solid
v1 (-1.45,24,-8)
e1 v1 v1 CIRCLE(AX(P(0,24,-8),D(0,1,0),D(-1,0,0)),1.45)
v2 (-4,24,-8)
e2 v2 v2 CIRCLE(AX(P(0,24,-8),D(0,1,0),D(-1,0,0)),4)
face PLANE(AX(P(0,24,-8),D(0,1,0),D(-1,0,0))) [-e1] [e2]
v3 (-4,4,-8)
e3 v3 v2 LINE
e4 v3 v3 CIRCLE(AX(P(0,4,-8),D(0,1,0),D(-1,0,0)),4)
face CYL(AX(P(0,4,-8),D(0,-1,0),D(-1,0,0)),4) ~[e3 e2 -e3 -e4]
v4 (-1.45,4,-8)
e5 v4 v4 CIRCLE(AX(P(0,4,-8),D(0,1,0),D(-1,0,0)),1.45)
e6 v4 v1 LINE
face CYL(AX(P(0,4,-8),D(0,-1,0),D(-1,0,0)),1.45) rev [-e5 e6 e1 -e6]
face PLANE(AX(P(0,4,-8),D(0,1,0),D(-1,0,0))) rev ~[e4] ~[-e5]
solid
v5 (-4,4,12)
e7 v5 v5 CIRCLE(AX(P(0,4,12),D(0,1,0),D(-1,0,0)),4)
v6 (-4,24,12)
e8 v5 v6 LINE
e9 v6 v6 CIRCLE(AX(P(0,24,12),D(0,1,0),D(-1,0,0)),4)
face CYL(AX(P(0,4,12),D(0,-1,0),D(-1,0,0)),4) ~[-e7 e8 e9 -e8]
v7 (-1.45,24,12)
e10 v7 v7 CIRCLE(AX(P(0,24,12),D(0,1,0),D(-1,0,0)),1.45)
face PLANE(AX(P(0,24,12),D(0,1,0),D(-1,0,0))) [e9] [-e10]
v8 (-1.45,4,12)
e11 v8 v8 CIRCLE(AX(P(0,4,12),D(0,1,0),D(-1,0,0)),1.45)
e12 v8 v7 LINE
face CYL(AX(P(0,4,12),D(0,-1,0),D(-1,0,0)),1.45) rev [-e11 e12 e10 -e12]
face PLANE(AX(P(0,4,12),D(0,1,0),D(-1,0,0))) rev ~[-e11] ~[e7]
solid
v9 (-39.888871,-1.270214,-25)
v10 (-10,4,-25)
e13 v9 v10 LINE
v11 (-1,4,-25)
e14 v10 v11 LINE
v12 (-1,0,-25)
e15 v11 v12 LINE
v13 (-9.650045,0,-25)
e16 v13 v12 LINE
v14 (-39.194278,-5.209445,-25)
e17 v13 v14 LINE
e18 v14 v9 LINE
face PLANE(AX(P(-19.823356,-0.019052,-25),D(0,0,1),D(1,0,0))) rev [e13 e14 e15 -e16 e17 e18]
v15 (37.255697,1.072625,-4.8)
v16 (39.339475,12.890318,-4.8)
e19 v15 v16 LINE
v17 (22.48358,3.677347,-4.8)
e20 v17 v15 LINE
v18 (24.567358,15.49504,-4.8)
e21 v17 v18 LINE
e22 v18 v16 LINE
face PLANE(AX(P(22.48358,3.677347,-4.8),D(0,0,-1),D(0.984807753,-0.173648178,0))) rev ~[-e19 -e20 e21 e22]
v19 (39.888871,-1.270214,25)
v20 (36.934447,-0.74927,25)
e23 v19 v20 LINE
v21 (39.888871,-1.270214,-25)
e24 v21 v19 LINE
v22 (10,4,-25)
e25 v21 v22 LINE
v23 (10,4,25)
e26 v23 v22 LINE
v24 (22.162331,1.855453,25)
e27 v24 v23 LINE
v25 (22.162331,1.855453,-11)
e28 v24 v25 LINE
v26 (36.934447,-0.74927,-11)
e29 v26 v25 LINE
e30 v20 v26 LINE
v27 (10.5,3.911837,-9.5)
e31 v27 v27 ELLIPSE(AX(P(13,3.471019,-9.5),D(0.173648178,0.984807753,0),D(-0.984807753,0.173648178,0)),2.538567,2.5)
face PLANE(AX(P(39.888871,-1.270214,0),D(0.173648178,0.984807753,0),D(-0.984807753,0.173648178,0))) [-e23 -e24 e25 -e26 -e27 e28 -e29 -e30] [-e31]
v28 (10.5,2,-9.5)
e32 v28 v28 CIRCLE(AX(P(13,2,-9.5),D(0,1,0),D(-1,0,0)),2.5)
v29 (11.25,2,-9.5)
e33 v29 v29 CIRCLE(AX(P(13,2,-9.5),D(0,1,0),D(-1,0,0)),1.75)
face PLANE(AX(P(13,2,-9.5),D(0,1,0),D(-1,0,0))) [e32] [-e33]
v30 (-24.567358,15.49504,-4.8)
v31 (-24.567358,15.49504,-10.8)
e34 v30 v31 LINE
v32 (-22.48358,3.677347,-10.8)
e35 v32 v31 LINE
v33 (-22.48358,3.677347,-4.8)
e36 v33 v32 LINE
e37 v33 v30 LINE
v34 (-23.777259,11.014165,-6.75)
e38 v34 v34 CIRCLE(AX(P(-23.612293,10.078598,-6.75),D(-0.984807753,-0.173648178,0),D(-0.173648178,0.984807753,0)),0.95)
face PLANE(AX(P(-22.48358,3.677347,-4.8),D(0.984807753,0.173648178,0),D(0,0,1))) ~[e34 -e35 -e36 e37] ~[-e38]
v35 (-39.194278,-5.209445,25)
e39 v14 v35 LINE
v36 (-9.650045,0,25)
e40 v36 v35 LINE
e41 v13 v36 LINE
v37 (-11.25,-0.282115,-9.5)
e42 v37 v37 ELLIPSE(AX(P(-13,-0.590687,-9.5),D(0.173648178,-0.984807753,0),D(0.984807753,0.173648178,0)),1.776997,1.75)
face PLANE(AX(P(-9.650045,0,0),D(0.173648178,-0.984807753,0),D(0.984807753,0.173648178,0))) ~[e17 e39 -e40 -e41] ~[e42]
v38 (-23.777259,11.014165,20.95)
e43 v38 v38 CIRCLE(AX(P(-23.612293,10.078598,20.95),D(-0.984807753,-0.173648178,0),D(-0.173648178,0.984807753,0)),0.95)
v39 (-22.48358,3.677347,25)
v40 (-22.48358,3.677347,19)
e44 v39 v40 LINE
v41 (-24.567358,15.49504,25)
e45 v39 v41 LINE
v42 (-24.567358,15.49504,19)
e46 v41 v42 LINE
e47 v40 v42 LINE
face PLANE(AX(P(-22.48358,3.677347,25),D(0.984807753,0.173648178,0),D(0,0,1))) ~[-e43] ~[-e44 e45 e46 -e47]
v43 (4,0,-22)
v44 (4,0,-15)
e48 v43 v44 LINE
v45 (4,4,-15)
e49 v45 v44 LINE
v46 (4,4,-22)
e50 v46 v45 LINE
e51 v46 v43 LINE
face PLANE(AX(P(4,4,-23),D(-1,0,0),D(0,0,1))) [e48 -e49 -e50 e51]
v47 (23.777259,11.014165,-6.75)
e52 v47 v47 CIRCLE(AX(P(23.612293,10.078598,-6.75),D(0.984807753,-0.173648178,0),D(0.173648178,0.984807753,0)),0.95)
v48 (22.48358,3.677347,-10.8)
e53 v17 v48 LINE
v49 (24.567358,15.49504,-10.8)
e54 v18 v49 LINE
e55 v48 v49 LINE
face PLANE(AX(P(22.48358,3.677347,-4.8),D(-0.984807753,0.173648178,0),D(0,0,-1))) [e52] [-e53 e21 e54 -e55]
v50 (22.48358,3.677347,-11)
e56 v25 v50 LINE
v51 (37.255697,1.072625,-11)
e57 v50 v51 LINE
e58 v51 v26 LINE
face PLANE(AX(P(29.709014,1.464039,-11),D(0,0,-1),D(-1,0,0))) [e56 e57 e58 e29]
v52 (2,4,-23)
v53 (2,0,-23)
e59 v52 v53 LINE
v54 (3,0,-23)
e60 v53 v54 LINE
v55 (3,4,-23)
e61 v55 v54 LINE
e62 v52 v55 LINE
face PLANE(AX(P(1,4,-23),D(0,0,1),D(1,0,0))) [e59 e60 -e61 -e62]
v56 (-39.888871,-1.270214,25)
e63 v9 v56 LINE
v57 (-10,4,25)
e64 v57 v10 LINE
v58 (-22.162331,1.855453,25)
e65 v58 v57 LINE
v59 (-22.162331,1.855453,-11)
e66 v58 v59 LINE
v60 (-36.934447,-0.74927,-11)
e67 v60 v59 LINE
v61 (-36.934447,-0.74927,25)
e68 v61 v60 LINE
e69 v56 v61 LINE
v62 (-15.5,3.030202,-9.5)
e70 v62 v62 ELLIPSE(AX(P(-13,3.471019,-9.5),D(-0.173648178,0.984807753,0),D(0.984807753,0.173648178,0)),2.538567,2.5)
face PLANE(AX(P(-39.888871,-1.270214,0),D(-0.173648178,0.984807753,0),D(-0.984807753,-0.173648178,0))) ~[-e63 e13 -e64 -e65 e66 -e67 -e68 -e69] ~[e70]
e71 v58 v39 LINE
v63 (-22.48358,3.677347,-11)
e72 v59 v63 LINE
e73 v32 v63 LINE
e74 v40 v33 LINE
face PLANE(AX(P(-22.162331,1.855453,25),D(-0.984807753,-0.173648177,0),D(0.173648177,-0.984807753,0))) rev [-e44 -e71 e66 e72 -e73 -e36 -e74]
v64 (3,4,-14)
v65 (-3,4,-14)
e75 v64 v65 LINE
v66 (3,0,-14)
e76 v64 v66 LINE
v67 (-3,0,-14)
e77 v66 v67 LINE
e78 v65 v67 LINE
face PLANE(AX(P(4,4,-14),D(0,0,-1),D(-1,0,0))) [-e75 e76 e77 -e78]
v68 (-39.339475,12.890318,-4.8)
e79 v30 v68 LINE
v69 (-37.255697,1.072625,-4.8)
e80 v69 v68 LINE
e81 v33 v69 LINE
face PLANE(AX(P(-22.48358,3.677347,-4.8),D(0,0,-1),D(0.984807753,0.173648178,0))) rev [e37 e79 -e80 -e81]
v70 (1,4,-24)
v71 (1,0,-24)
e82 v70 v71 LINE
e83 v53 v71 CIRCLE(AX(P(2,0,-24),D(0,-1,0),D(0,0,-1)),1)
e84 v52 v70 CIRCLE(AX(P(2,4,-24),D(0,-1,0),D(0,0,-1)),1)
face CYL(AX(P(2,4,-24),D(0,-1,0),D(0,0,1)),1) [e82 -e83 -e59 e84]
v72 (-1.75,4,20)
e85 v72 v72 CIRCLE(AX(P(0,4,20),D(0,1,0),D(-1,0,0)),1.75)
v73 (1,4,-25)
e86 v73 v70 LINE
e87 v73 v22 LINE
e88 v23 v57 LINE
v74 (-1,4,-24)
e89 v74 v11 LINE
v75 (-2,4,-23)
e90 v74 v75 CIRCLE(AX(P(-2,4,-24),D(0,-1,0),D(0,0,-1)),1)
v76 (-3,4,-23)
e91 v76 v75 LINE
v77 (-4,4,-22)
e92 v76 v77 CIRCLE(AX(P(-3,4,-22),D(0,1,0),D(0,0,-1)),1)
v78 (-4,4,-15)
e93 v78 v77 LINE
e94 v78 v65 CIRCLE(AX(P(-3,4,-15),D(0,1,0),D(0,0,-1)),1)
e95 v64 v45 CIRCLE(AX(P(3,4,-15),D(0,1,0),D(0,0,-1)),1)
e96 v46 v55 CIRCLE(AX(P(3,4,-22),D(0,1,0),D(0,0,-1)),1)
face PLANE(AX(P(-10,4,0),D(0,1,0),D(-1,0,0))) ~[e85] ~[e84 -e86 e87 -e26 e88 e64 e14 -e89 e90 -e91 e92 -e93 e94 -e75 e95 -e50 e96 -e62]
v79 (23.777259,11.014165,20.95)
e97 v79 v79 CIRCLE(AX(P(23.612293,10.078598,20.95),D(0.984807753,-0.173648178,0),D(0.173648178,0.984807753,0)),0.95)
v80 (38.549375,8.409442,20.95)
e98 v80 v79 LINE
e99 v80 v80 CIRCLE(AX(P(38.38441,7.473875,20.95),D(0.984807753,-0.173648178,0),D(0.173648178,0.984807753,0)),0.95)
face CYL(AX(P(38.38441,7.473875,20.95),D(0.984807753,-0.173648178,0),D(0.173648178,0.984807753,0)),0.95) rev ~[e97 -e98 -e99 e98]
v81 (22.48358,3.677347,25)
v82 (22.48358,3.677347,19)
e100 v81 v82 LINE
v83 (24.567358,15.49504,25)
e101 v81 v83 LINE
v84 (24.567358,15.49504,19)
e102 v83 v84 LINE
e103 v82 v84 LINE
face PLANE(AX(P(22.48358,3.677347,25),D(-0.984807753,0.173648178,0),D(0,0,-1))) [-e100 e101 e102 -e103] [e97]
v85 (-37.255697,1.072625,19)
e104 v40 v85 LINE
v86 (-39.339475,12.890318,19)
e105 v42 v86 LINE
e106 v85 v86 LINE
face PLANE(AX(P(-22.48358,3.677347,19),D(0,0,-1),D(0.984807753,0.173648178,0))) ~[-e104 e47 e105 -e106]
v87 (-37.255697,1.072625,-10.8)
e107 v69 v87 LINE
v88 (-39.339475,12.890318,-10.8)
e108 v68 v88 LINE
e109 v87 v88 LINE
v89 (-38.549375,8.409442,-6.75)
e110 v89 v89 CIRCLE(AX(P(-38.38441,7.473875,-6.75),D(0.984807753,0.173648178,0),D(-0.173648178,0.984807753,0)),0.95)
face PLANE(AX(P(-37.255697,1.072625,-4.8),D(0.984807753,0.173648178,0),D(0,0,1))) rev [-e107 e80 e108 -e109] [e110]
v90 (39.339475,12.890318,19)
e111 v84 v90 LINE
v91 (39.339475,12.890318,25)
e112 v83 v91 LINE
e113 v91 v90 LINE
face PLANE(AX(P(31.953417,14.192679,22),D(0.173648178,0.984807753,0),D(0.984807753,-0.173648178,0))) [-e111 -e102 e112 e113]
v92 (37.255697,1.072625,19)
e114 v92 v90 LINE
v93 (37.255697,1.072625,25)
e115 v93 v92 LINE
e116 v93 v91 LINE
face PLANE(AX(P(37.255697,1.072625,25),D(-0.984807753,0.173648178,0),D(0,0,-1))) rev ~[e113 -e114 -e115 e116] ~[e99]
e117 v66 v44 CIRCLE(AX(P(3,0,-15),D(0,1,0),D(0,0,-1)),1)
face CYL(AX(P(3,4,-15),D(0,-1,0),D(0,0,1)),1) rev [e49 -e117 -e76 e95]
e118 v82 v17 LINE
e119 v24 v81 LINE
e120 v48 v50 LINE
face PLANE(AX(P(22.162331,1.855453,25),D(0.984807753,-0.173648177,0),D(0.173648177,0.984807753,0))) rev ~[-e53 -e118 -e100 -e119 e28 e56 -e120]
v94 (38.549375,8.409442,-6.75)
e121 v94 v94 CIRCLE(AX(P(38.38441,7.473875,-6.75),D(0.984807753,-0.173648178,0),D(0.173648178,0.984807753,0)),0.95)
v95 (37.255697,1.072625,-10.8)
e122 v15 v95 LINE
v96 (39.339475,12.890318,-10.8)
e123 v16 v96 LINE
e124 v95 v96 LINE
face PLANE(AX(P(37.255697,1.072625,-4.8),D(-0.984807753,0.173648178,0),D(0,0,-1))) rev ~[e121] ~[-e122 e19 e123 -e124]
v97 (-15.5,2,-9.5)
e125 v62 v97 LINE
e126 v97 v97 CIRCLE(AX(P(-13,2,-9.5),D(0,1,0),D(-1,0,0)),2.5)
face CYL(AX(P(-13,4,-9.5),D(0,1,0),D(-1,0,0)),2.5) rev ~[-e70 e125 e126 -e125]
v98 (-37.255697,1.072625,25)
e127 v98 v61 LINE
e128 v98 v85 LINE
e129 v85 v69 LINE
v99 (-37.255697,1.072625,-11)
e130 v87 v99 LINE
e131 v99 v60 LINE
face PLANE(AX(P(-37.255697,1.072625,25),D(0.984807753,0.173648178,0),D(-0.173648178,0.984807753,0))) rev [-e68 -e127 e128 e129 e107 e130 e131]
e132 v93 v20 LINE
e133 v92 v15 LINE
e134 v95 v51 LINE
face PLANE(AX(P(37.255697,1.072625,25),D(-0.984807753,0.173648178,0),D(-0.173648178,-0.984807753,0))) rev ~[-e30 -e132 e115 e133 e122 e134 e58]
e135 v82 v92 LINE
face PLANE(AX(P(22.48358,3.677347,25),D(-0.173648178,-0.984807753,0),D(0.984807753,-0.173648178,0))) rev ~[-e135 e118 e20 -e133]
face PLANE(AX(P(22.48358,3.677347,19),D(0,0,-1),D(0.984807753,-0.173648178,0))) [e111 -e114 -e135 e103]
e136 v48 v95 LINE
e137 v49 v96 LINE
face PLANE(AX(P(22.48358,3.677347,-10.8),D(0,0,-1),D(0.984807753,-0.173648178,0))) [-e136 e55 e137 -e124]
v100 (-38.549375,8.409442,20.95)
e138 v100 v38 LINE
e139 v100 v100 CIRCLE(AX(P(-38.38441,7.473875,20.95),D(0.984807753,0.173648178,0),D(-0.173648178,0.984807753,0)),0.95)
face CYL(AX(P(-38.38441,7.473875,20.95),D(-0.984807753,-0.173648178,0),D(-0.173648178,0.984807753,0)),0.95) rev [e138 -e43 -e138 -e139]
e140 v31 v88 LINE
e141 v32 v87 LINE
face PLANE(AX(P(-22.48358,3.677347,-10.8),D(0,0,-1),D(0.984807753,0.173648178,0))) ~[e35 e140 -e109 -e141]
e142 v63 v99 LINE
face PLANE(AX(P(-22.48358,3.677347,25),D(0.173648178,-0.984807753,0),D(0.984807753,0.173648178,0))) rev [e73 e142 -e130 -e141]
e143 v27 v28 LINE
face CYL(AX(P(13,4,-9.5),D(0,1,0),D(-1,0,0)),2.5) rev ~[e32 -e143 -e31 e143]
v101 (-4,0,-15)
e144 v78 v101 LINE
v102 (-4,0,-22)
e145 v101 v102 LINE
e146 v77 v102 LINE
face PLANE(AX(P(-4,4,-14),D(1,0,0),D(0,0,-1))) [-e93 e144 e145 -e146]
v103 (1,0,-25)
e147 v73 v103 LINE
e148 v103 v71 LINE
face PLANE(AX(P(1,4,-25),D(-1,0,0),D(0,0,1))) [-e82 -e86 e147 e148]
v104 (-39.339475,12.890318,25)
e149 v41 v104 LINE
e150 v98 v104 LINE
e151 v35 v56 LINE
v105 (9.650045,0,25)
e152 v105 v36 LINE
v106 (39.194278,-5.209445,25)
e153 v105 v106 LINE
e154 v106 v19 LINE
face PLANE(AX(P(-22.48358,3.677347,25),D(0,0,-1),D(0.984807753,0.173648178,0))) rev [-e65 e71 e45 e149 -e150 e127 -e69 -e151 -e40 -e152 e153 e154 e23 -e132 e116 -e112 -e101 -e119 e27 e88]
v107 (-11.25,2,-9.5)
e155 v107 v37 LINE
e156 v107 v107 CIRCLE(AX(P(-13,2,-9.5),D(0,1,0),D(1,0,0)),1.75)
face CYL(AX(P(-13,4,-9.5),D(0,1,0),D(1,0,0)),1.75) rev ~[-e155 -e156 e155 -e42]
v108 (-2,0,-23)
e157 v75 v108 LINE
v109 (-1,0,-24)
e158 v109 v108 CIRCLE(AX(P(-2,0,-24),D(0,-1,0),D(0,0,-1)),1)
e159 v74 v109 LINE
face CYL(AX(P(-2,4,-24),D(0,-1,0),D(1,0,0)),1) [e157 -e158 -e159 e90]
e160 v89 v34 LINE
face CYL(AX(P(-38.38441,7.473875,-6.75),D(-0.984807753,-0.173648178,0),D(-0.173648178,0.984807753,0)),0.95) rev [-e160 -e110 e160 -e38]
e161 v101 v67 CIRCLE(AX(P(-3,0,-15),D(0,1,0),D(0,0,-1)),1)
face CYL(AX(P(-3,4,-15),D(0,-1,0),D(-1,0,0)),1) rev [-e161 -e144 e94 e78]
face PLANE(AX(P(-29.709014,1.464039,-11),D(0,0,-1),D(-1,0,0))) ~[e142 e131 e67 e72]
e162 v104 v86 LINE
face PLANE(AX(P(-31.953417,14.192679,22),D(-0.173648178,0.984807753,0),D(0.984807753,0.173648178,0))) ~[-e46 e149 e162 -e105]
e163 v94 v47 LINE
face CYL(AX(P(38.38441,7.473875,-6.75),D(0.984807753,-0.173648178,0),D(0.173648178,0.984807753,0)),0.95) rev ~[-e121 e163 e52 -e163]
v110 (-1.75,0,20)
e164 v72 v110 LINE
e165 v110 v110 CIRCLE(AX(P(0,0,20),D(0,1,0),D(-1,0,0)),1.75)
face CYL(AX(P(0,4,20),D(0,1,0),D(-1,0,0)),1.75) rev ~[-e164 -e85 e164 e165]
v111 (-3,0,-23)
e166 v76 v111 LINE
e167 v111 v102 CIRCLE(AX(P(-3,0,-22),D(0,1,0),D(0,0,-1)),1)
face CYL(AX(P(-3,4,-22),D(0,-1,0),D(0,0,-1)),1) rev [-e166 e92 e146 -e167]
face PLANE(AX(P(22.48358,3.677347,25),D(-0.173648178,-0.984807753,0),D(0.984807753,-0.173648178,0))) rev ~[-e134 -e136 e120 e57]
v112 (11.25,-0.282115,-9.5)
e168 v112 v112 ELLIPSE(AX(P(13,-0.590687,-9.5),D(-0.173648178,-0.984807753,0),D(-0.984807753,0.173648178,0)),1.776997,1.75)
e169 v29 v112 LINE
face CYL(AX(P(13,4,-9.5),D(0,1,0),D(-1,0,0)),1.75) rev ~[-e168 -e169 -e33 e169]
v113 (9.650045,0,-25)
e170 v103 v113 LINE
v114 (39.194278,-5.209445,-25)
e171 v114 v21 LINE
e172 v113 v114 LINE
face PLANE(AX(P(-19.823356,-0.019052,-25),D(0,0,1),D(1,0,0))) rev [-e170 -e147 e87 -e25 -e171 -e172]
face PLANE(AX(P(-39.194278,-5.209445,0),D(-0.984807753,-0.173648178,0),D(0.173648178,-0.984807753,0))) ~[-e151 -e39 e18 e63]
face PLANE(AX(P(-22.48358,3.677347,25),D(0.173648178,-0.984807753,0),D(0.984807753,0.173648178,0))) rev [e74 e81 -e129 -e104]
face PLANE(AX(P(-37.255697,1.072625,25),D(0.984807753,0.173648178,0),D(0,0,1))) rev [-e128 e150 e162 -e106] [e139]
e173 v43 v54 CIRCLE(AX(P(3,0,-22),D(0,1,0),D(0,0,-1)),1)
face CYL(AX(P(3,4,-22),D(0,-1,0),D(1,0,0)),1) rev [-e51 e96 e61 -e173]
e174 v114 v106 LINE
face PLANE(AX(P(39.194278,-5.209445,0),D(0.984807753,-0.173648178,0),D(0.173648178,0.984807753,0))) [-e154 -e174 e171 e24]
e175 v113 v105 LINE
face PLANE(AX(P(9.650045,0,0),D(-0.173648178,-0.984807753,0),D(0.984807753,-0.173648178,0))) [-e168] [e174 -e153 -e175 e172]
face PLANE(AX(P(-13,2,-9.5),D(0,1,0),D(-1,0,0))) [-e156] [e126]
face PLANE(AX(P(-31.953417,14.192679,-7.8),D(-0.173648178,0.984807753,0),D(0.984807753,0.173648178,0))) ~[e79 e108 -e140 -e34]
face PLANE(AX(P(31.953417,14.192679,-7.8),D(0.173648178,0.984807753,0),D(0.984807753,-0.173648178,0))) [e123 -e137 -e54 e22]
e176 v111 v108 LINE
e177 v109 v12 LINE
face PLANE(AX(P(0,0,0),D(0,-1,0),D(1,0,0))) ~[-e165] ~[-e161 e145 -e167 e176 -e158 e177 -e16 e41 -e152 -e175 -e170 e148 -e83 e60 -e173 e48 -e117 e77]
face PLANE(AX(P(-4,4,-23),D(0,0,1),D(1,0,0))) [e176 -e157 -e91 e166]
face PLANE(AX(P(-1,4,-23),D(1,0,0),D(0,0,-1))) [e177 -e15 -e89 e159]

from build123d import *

# Parameters (mm, degrees)
EXTRUDE_1_DEPTH     = 25
EXTRUDE_2_DEPTH     = 36
SKETCH_3_W          = 15
SKETCH_3_H          = 6
EXTRUDE_3_DEPTH     = 12
SKETCH_4_R          = 0.95
CUT_EXTRUDE_1_DEPTH = 21
SKETCH_5_R          = 4
SKETCH_5_R_2        = 1.45
EXTRUDE_4_DEPTH     = 20
EXTRUDE_4_2_DEPTH   = 20
SKETCH_6_R          = 1.75
CUT_EXTRUDE_2_DEPTH = 20
SKETCH_7_R          = 2.5
CUT_EXTRUDE_3_DEPTH = 2
CUT_EXTRUDE_4_DEPTH = 52.148040055
FILLET_4_R          = 1


with BuildPart() as part:
    # 草图1 → 凸台-拉伸1 (new, symmetric)
    with BuildSketch(Plane.XY):
        Polygon((0, 0), (9.650045346, 0), (39.194277936, -5.20944533), (39.888870647, -1.270214318), (10, 4), (0, 4), align=None)
    extrude_1 = extrude(amount=EXTRUDE_1_DEPTH, both=True)

    # 草图2 → 凸台-拉伸2 (add)
    with BuildSketch(Plane.XY.offset(25)):
        Polygon((22.162331093, 1.85545288), (22.483580221, 3.677347223), (37.255696517, 1.072624558), (36.934447388, -0.749269785), align=None)
    extrude_2 = extrude(amount=-EXTRUDE_2_DEPTH)

    # 草图3 → 凸台-拉伸3 (add)
    with BuildSketch(Plane(origin=(1.306826311, 7.411380301, 0), x_dir=(0.9848077530122079, -0.1736481776669312, 0), z_dir=(0.1736481776669312, 0.9848077530122079, 0))):
        with Locations((29.003439474, -22)):
            Rectangle(SKETCH_3_W, SKETCH_3_H)
        with Locations((29.003439474, 7.8)):
            Rectangle(SKETCH_3_W, SKETCH_3_H)
    extrude_3 = extrude(amount=EXTRUDE_3_DEPTH)

    # 草图4 → 切除-拉伸1 (cut)
    with BuildSketch(Plane(origin=(35.948870205, -6.338755743, 0), x_dir=(0, 0, -1), z_dir=(0.9848077530122081, -0.17364817766693072, 0))):
        with Locations(Location((-20.95, 14.025712789, 0), (0, 0, 90))):
            Circle(SKETCH_4_R)
        with Locations(Location((6.75, 14.025712789, 0), (0, 0, 90))):
            Circle(SKETCH_4_R)
    cut_extrude_1 = extrude(amount=-CUT_EXTRUDE_1_DEPTH, mode=Mode.SUBTRACT)

    # 镜向1: 凸台-拉伸1, 凸台-拉伸2, 凸台-拉伸3, 切除-拉伸1 across plane
    add(extrude_1.mirror(Plane(origin=(0, 0, 0), x_dir=(0, 0, 1), z_dir=(1, 0, 0))))
    add(extrude_2.mirror(Plane(origin=(0, 0, 0), x_dir=(0, 0, 1), z_dir=(1, 0, 0))))
    add(extrude_3.mirror(Plane(origin=(0, 0, 0), x_dir=(0, 0, 1), z_dir=(1, 0, 0))))
    add(cut_extrude_1.mirror(Plane(origin=(0, 0, 0), x_dir=(0, 0, 1), z_dir=(1, 0, 0))), mode=Mode.SUBTRACT)

    # 草图6 → 切除-拉伸2 (cut)
    with BuildSketch(Plane(origin=(0, 4, 0), x_dir=(1, 0, 0), z_dir=(0, 1, 0))):
        with Locations(Location((0, -20, 0), (0, 0, 180))):
            Circle(SKETCH_6_R)
        with Locations((-13, 9.5)):
            Circle(SKETCH_6_R)
        with Locations(Location((13, 9.5, 0), (0, 0, 180))):
            Circle(SKETCH_6_R)
    extrude(amount=-CUT_EXTRUDE_2_DEPTH, mode=Mode.SUBTRACT)

    # 草图7 → 切除-拉伸3 (cut)
    with BuildSketch(Plane(origin=(0, 4, 0), x_dir=(1, 0, 0), z_dir=(0, 1, 0))):
        with Locations(Location((-13, 9.5, 0), (0, 0, 180))):
            Circle(SKETCH_7_R)
        with Locations(Location((13, 9.5, 0), (0, 0, 180))):
            Circle(SKETCH_7_R)
    extrude(amount=-CUT_EXTRUDE_3_DEPTH, mode=Mode.SUBTRACT)

    # 草图8 → 切除-拉伸4 (cut, through all)
    with BuildSketch(Plane(origin=(0, 4, 0), x_dir=(1, 0, 0), z_dir=(0, 1, 0))):
        Polygon((-4, 23), (-1, 23), (-1, 25), (1, 25), (1, 23), (4, 23), (4, 14), (-4, 14), align=None)
    extrude(amount=-CUT_EXTRUDE_4_DEPTH, mode=Mode.SUBTRACT)

    # 圆角4
    fillet_4_edges = [part.edges().sort_by_distance(p)[0] for p in [
        (4, 2, -23),
        (4, 2, -14),
        (-4, 2, -14),
        (-4, 2, -23),
        (1, 2, -23),
        (-1, 2, -23),
    ]]
    fillet(fillet_4_edges, radius=FILLET_4_R)


with BuildPart() as body_2:
    # 草图5 → 凸台-拉伸4 (new body)
    with BuildSketch(Plane(origin=(0, 4, 0), x_dir=(1, 0, 0), z_dir=(0, 1, 0))):
        with Locations(Location((0, -12, 0), (0, 0, 180))):
            Circle(SKETCH_5_R)
        with Locations(Location((0, -12, 0), (0, 0, 180))):
            Circle(SKETCH_5_R_2, mode=Mode.SUBTRACT)
    extrude(amount=EXTRUDE_4_DEPTH)


with BuildPart() as body_3:
    # 草图5 → Extrude 4 2 (new body)
    with BuildSketch(Plane(origin=(0, 4, 0), x_dir=(1, 0, 0), z_dir=(0, 1, 0))):
        with Locations(Location((0, 8, 0), (0, 0, 180))):
            Circle(SKETCH_5_R)
        with Locations(Location((0, 8, 0), (0, 0, 180))):
            Circle(SKETCH_5_R_2, mode=Mode.SUBTRACT)
    extrude(amount=EXTRUDE_4_2_DEPTH)


solid = Compound([part.part, body_2.part, body_3.part])
